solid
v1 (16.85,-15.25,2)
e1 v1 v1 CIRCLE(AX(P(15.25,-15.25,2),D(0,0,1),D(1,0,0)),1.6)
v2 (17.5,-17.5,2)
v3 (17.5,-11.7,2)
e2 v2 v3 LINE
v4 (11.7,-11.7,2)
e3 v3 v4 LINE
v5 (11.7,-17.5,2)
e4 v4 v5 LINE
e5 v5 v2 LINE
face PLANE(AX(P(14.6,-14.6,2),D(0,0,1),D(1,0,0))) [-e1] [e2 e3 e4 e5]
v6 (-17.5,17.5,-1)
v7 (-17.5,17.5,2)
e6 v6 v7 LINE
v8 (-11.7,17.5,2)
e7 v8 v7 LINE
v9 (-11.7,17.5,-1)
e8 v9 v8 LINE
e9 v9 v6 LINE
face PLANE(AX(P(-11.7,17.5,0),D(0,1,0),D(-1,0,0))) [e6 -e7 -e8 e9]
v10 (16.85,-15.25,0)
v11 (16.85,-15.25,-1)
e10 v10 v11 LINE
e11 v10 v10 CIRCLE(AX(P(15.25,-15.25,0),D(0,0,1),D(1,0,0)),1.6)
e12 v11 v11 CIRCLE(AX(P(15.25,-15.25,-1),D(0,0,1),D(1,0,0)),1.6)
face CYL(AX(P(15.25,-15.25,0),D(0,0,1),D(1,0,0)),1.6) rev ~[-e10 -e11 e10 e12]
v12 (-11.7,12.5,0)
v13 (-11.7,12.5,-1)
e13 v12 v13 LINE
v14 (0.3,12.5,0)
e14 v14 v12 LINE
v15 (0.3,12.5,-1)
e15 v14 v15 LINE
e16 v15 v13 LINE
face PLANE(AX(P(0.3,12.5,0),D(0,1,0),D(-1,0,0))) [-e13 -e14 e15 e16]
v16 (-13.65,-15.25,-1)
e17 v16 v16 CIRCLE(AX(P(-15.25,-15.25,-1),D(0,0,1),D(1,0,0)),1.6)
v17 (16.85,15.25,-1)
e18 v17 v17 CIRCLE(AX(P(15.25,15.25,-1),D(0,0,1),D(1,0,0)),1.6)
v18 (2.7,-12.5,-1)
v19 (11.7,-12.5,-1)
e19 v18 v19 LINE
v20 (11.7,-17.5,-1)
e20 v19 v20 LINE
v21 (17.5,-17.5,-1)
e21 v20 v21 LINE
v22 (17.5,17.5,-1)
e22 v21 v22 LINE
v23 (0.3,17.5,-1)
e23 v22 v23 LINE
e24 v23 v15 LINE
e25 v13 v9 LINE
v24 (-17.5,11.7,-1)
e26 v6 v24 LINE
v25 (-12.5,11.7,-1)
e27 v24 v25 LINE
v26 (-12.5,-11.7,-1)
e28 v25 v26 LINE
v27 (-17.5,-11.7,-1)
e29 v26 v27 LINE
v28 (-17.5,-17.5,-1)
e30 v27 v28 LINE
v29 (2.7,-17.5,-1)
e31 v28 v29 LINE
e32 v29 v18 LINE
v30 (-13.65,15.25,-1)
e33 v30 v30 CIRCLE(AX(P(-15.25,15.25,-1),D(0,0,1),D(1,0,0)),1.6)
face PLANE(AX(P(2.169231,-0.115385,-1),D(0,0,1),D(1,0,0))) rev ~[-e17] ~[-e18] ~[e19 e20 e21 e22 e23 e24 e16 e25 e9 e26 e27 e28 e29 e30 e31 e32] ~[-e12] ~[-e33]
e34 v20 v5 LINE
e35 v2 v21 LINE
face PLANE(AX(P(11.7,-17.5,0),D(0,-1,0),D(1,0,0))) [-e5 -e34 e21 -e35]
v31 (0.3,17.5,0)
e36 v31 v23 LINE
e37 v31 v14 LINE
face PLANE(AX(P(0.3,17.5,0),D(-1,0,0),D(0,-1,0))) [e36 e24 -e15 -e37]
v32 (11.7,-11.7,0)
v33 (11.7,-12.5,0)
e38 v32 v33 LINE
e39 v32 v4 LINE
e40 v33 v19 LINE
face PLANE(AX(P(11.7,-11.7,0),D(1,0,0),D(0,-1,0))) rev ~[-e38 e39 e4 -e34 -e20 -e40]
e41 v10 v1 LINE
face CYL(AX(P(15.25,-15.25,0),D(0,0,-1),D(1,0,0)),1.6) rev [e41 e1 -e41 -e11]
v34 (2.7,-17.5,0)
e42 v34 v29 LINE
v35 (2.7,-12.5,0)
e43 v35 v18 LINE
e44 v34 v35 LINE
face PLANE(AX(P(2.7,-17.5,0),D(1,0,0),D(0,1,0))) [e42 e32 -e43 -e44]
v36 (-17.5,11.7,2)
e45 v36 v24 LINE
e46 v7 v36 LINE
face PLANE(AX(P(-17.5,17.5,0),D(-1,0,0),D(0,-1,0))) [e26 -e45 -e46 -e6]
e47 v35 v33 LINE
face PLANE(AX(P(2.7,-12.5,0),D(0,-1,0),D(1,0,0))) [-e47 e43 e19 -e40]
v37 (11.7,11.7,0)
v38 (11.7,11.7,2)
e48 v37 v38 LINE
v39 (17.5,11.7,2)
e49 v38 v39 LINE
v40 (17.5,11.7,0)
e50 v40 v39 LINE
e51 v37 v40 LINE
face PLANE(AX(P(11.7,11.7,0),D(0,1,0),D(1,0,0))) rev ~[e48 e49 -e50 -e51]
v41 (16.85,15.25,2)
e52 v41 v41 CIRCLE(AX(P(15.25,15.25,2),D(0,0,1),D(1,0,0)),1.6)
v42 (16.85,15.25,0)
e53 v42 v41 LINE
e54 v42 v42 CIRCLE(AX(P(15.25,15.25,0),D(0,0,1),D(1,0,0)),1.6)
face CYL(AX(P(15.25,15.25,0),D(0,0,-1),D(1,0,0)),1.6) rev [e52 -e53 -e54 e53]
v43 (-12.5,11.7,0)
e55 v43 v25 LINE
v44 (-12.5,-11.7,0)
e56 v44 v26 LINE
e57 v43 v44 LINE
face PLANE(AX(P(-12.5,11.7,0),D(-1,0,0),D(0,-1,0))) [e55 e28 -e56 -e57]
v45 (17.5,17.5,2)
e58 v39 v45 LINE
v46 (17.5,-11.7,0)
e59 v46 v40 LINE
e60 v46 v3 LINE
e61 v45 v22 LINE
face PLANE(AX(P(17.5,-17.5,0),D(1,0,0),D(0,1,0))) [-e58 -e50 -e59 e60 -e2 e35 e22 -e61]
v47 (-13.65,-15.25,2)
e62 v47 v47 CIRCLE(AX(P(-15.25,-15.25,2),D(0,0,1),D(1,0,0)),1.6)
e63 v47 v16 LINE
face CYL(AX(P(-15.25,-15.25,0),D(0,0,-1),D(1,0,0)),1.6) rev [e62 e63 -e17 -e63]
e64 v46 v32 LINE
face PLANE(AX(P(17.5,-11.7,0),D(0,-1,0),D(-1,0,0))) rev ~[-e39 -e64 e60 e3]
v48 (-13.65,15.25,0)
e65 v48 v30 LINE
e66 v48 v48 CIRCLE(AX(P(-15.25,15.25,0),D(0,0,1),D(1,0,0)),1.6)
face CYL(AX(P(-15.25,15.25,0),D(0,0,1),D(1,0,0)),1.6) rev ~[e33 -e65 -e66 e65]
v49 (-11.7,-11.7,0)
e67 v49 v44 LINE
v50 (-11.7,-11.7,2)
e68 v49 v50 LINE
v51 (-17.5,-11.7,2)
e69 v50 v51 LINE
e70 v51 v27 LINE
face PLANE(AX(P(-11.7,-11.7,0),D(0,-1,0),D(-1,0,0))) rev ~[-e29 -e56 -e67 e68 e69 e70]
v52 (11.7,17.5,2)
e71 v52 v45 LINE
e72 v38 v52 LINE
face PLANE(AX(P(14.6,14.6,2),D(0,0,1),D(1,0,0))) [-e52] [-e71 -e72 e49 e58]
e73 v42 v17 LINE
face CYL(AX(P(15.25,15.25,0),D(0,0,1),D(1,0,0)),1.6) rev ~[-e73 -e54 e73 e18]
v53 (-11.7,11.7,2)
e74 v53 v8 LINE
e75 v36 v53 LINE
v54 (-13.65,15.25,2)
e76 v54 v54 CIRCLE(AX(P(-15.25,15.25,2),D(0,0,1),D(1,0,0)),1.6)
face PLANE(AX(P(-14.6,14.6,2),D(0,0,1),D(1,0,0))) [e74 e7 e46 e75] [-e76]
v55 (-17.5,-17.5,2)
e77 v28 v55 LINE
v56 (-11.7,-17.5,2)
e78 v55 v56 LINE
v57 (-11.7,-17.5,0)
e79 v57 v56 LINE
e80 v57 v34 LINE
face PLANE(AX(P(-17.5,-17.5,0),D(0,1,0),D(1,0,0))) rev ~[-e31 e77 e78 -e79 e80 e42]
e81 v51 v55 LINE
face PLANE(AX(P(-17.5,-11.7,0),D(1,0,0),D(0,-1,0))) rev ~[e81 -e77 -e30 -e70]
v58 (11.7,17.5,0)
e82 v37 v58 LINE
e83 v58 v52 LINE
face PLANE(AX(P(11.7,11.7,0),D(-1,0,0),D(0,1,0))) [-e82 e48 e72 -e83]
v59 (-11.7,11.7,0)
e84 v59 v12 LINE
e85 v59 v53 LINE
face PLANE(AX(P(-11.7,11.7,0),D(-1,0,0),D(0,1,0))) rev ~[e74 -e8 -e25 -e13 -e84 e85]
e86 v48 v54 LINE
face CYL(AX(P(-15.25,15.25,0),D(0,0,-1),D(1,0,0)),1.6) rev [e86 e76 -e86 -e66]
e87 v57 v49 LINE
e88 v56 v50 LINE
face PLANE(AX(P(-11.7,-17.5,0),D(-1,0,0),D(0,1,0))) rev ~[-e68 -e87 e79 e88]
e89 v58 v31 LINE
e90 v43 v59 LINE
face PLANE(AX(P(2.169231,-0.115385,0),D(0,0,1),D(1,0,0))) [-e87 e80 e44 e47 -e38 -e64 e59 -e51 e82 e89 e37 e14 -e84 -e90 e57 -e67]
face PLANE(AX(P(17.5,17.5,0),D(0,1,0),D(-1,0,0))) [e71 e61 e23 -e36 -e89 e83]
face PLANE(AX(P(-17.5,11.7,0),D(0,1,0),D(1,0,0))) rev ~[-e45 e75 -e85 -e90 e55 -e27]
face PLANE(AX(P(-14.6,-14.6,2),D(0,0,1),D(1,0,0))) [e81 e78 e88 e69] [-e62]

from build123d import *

# Parameters (mm, degrees)
F0_R     = 1.6
F0_W     = 5.8
F0_H     = 5.8
F1_DEPTH = 1
F2_DEPTH = 2


with BuildPart() as f1:
    # F0 (on Top) → F1 (new body)
    with BuildSketch(Plane.XY):
        Polygon((11.7, 11.7), (11.7, 17.5), (0.3, 17.5), (0.3, 12.5), (-11.7, 12.5), (-11.7, 11.7), (-12.5, 11.7), (-12.5, -11.7), (-11.7, -11.7), (-11.7, -17.5), (2.7, -17.5), (2.7, -12.5), (11.7, -12.5), (11.7, -11.7), (17.5, -11.7), (17.5, 11.7), align=None)
        Polygon((-12.5, -11.7), (-17.5, -11.7), (-17.5, -17.5), (-11.7, -17.5), (-11.7, -11.7), align=None)
        with Locations((-15.25, -15.25)):
            Circle(F0_R, mode=Mode.SUBTRACT)
        Polygon((17.5, -17.5), (17.5, -11.7), (11.7, -11.7), (11.7, -12.5), (11.7, -17.5), align=None)
        with Locations((15.25, -15.25)):
            Circle(F0_R, mode=Mode.SUBTRACT)
        with Locations((14.6, 14.6)):
            Rectangle(F0_W, F0_H)
        with Locations((15.25, 15.25)):
            Circle(F0_R, mode=Mode.SUBTRACT)
        Polygon((-11.7, 12.5), (-11.7, 17.5), (-17.5, 17.5), (-17.5, 11.7), (-12.5, 11.7), (-11.7, 11.7), align=None)
        with Locations((-15.25, 15.25)):
            Circle(F0_R, mode=Mode.SUBTRACT)
    extrude(amount=-F1_DEPTH)

    # F0 (on Top) → F2 (join)
    with BuildSketch(Plane.XY):
        Polygon((-12.5, -11.7), (-17.5, -11.7), (-17.5, -17.5), (-11.7, -17.5), (-11.7, -11.7), align=None)
        with Locations((-15.25, -15.25)):
            Circle(F0_R, mode=Mode.SUBTRACT)
        Polygon((-11.7, 12.5), (-11.7, 17.5), (-17.5, 17.5), (-17.5, 11.7), (-12.5, 11.7), (-11.7, 11.7), align=None)
        with Locations((-15.25, 15.25)):
            Circle(F0_R, mode=Mode.SUBTRACT)
        with Locations((14.6, 14.6)):
            Rectangle(F0_W, F0_H)
        with Locations((15.25, 15.25)):
            Circle(F0_R, mode=Mode.SUBTRACT)
        Polygon((17.5, -17.5), (17.5, -11.7), (11.7, -11.7), (11.7, -12.5), (11.7, -17.5), align=None)
        with Locations((15.25, -15.25)):
            Circle(F0_R, mode=Mode.SUBTRACT)
    extrude(amount=F2_DEPTH)


solid = f1.part
